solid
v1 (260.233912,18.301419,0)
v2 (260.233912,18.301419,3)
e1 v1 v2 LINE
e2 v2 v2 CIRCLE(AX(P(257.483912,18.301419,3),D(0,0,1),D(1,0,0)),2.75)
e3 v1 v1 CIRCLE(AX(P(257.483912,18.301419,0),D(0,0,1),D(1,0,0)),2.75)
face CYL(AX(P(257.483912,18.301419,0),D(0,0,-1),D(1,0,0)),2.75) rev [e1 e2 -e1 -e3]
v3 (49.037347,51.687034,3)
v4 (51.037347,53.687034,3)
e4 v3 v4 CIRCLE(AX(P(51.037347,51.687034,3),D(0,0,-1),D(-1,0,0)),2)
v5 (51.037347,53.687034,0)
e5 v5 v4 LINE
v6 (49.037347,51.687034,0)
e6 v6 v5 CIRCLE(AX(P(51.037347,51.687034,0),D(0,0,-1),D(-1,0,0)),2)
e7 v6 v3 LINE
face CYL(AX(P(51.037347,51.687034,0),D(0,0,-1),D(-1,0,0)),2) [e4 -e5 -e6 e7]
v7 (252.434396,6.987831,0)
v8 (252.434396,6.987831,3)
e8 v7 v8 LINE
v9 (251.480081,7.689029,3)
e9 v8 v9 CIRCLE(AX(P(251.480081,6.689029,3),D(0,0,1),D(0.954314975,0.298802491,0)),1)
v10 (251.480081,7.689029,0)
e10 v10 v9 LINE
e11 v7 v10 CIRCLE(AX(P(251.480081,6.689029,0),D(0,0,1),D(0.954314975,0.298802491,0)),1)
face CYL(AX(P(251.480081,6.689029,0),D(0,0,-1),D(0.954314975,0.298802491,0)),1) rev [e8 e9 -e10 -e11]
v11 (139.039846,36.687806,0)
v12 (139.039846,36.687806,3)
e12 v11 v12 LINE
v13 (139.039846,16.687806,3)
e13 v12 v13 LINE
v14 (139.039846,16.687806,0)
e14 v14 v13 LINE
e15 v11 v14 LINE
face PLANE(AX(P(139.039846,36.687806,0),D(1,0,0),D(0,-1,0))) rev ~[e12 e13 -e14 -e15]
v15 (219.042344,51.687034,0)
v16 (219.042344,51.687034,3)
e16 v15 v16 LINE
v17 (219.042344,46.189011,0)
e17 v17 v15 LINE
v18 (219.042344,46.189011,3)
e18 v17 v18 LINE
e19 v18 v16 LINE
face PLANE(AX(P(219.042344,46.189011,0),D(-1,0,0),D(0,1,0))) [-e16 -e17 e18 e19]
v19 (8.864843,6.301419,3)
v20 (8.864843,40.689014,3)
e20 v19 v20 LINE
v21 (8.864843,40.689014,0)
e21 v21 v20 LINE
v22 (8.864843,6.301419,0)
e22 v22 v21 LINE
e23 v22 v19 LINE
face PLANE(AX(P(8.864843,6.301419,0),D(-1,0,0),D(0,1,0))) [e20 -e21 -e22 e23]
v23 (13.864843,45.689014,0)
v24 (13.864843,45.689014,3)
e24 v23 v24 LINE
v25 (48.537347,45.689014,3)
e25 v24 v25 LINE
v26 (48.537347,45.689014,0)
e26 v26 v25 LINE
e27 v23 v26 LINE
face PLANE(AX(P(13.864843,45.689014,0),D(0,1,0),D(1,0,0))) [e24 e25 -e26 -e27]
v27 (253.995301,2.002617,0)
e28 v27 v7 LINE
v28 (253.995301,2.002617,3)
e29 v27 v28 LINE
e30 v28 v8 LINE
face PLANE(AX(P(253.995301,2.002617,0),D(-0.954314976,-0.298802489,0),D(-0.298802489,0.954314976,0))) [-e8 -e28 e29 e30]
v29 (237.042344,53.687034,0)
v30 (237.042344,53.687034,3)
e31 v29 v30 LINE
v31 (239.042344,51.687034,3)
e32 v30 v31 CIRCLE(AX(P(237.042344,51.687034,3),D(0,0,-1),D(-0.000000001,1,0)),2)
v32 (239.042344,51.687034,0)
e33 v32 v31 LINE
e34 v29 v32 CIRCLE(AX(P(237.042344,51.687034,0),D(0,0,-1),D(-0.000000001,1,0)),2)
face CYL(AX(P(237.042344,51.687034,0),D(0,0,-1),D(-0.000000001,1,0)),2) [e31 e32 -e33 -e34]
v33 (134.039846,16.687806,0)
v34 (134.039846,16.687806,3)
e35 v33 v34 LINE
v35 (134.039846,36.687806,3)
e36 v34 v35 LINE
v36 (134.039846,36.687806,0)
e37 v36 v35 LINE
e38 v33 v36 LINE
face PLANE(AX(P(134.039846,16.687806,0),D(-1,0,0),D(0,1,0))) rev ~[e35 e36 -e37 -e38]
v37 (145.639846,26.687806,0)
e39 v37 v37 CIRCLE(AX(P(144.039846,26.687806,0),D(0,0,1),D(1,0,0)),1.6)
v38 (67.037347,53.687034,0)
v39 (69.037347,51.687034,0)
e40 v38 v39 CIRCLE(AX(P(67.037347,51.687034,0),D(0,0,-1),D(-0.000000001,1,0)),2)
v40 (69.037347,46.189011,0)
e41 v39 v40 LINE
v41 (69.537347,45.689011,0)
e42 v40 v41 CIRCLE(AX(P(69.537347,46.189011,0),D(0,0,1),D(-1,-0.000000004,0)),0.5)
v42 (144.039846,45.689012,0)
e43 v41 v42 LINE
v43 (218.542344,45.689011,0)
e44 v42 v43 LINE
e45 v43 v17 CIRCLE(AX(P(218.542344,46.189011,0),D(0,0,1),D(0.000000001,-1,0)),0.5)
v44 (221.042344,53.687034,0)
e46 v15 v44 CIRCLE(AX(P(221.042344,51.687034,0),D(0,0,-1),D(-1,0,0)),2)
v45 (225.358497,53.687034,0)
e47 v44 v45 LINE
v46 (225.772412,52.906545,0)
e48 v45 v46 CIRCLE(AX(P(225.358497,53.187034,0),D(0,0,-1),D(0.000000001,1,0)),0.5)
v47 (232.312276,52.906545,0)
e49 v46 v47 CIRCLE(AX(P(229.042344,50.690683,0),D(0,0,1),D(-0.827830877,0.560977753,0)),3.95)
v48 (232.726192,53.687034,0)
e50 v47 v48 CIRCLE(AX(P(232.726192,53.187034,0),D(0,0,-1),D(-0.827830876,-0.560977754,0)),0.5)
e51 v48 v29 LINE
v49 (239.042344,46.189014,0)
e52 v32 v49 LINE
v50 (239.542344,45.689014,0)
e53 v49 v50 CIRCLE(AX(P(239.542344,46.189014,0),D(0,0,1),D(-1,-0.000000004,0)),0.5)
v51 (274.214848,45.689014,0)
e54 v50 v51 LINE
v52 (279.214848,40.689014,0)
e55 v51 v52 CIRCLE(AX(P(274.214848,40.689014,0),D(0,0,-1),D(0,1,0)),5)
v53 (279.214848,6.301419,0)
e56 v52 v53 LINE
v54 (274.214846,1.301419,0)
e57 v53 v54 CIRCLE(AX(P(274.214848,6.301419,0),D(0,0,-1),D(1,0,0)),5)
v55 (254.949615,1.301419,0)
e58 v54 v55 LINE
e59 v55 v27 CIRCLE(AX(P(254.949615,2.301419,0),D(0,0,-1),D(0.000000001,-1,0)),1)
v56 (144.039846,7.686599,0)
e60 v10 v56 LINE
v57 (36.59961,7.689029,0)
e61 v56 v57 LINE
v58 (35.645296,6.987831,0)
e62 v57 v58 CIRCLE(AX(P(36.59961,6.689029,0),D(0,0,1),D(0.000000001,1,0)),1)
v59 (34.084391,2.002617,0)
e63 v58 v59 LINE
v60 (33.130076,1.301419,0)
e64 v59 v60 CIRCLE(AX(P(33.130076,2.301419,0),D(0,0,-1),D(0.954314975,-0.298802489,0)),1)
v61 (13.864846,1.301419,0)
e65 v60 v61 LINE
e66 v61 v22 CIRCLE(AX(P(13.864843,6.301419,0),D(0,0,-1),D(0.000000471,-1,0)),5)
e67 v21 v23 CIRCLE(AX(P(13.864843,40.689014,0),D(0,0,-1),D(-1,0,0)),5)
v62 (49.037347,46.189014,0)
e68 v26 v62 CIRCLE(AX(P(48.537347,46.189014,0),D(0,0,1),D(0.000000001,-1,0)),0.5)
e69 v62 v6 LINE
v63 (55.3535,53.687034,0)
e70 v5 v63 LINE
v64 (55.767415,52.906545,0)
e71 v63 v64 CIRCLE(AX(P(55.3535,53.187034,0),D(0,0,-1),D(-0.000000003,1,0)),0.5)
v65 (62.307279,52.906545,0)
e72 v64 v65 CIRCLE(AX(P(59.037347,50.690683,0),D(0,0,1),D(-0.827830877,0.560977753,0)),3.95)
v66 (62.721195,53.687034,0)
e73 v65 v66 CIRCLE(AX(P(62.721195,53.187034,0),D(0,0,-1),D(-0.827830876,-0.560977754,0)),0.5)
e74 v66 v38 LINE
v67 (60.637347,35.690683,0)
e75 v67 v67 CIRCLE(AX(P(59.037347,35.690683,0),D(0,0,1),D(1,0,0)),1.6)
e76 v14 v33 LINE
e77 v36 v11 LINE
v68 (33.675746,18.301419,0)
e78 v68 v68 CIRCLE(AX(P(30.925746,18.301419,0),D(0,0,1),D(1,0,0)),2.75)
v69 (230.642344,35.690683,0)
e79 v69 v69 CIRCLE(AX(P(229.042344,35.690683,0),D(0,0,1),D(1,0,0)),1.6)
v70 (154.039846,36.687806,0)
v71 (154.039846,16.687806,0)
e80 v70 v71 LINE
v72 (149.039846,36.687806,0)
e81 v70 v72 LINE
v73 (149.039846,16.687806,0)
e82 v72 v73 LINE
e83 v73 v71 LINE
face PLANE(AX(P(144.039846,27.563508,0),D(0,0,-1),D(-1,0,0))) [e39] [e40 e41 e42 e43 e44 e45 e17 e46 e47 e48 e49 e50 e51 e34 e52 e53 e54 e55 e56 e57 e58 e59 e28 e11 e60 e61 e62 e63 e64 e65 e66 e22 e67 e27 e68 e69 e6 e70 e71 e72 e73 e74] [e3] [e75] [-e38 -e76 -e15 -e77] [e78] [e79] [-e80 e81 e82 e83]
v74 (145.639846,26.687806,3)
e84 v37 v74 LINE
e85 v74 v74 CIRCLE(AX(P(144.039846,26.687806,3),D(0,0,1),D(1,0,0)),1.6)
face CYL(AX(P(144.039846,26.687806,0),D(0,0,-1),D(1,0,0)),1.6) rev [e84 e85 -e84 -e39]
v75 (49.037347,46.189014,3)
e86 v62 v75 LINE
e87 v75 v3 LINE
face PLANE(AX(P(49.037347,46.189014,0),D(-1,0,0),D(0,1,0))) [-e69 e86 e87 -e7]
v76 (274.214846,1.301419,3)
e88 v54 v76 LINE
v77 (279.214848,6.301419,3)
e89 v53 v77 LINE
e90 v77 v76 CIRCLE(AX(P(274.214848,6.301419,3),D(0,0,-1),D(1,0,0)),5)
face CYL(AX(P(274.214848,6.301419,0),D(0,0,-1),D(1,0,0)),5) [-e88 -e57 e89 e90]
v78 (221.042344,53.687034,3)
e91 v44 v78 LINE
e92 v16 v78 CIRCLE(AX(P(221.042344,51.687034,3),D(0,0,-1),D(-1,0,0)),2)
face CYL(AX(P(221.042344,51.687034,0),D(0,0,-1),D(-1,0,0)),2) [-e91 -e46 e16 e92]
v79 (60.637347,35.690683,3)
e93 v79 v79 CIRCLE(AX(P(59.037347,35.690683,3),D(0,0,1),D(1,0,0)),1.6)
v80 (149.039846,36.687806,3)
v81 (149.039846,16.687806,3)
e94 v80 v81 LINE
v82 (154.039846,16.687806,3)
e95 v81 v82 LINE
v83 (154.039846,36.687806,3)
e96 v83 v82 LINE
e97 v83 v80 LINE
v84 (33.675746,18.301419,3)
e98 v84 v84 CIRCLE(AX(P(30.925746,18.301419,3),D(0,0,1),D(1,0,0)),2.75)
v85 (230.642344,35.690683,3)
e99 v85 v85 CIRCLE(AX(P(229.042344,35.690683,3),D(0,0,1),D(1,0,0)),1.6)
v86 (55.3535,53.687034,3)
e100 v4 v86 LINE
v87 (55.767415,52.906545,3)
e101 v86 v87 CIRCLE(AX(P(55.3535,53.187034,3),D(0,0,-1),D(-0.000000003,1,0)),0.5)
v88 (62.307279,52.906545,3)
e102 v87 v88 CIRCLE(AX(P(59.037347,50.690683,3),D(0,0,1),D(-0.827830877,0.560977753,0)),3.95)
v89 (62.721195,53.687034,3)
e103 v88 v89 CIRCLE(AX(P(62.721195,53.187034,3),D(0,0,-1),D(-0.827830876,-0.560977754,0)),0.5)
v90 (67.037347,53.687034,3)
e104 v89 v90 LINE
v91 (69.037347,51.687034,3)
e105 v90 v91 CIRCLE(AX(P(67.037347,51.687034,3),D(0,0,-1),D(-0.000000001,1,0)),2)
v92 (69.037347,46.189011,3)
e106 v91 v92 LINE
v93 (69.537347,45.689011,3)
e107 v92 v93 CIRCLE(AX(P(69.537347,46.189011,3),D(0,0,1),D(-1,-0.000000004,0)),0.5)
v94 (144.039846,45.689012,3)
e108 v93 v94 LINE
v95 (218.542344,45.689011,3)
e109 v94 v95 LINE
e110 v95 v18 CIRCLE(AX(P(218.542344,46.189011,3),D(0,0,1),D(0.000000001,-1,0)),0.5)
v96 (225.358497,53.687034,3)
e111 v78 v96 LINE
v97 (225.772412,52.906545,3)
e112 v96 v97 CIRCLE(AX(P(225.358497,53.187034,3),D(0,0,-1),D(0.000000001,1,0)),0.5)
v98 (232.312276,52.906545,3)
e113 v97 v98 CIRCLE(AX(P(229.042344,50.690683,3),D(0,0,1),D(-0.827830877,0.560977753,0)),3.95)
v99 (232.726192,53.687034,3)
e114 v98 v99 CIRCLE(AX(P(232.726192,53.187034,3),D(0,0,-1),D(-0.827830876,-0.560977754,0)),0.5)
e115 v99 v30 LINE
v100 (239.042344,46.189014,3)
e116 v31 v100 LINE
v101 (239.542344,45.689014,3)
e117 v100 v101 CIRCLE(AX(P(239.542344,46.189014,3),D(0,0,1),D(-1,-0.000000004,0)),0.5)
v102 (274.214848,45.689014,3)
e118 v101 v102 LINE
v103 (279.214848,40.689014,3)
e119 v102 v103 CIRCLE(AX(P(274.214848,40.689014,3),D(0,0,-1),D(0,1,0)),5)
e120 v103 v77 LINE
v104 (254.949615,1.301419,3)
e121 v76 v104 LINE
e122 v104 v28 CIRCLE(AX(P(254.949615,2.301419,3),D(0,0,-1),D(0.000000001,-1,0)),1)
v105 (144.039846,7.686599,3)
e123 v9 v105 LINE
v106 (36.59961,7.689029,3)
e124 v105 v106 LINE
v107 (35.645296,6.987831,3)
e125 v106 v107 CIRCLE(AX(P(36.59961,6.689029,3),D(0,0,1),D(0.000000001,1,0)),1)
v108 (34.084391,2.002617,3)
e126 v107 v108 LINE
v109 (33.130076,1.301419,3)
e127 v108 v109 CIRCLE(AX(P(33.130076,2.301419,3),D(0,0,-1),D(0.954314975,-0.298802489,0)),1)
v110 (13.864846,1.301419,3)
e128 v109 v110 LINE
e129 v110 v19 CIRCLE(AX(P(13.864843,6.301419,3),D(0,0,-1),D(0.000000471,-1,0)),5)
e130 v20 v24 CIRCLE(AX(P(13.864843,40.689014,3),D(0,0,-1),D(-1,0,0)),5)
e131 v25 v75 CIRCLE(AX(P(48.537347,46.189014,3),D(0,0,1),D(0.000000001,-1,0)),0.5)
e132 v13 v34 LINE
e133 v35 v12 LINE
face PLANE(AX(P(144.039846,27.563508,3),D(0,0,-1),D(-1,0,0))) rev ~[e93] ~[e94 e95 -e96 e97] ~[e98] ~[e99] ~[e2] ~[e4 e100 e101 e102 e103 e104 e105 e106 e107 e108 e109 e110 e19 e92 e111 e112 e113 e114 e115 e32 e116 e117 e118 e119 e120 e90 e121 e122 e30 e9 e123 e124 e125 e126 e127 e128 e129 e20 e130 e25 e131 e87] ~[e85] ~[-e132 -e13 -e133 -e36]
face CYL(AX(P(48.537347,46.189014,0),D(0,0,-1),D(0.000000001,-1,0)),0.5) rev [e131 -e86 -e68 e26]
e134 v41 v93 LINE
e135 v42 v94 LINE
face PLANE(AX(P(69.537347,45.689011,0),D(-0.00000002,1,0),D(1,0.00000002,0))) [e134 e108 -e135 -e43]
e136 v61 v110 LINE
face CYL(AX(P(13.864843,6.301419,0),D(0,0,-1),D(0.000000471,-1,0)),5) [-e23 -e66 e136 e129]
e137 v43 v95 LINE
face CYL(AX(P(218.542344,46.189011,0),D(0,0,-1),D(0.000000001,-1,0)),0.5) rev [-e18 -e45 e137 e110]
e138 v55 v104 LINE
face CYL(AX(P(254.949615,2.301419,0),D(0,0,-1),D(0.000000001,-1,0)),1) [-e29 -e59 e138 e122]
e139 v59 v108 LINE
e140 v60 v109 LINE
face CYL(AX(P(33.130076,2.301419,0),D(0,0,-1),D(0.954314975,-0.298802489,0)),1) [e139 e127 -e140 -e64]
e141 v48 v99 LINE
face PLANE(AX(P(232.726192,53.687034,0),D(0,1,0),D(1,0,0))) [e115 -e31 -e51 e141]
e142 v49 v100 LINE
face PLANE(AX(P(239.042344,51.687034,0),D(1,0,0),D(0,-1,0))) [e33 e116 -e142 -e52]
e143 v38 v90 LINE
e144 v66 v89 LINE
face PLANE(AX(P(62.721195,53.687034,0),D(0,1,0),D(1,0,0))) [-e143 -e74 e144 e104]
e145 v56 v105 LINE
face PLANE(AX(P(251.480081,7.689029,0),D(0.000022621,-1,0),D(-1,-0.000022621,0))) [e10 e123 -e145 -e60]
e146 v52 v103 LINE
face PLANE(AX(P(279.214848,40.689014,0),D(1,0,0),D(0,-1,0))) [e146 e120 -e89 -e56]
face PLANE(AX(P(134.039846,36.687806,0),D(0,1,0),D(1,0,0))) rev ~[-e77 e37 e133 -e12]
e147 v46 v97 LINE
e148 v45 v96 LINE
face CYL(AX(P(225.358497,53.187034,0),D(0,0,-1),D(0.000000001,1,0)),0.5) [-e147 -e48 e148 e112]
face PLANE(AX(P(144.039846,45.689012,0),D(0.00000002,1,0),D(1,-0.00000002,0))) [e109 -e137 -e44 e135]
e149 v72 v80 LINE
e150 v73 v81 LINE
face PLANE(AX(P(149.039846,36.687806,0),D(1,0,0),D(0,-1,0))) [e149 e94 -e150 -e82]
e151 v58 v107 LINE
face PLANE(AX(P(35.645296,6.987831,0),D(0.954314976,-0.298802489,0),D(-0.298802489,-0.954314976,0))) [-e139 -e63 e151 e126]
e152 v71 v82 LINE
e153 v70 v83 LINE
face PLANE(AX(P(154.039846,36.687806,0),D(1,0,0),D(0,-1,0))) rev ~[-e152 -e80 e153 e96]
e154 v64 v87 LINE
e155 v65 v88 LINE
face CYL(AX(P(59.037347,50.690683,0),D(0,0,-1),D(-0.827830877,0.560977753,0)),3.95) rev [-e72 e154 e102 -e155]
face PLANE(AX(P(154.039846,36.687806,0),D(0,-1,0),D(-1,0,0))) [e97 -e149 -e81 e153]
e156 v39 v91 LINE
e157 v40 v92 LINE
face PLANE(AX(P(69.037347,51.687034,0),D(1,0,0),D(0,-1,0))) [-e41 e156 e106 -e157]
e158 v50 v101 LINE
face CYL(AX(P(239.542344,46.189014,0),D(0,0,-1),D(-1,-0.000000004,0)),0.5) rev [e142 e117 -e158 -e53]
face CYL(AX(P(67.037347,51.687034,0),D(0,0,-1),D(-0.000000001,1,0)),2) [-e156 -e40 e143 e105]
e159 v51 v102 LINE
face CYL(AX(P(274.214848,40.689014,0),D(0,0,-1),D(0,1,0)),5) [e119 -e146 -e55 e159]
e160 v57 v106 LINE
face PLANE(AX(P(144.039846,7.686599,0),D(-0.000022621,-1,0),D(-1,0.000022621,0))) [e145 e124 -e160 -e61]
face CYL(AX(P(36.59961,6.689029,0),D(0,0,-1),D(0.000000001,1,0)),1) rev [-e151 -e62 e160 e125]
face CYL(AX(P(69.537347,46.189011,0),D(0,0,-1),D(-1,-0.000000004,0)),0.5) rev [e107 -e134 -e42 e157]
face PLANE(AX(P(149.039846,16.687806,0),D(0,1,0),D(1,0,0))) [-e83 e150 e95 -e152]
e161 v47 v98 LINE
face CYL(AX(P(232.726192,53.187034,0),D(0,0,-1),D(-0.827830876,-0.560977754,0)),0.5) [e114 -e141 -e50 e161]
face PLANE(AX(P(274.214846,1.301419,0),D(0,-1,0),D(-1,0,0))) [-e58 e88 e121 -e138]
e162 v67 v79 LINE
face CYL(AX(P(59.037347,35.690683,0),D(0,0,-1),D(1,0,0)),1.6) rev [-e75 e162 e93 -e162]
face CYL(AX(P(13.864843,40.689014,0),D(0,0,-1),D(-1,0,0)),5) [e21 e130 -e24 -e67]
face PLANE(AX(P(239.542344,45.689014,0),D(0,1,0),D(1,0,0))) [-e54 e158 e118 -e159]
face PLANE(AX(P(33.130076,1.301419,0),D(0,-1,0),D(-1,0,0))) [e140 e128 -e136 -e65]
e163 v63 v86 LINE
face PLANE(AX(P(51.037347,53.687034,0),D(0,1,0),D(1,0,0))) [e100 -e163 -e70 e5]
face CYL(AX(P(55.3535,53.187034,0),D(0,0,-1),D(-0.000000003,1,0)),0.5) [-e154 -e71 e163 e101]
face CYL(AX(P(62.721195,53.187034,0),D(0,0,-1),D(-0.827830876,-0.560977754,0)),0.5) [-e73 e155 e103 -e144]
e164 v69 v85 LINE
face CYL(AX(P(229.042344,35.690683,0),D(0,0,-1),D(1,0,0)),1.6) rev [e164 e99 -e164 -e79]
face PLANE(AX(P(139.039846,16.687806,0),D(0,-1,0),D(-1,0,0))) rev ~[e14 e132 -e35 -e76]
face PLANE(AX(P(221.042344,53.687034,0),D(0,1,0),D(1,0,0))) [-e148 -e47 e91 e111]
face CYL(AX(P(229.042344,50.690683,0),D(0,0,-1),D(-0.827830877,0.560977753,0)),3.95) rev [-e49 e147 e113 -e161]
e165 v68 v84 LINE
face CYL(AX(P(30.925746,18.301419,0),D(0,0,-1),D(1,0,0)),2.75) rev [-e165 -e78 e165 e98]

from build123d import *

# Parameters (mm, degrees)
MODEL_R                 = 1.6
MODEL_R_2               = 2.75
SALIENTE_EXTRUIR1_DEPTH = 3


with BuildPart() as part:
    # Model → Saliente-Extruir1 (new body)
    with BuildSketch(Plane.XY):
        with BuildLine():
            Line((144.039845711, 7.686598643), (36.599610491, 7.689028995))
            ThreePointArc((36.599610491, 7.689028995), (36.007496688, 7.494883352), (35.645295516, 6.987831485))
            Line((35.645295516, 6.987831485), (34.084390906, 2.002616506))
            ThreePointArc((34.084390906, 2.002616506), (33.722189733, 1.495564638), (33.13007593, 1.301418995))
            Line((33.13007593, 1.301418995), (13.864845567, 1.301418995))
            ThreePointArc((13.864845567, 1.301418995), (10.329310138, 2.765884256), (8.864843211, 6.301418995))
            Line((8.864843211, 6.301418995), (8.864843211, 40.689013995))
            ThreePointArc((8.864843211, 40.689013995), (10.329309305, 44.224547901), (13.864843211, 45.689013995))
            Line((13.864843211, 45.689013995), (18.864843211, 45.689013995))
            Line((18.864843211, 45.689013995), (48.537347211, 45.689013995))
            ThreePointArc((48.537347211, 45.689013995), (48.890900602, 45.835460605), (49.037347211, 46.189013995))
            Line((49.037347211, 46.189013995), (49.037347211, 51.687033995))
            ThreePointArc((49.037347211, 51.687033995), (49.623133649, 53.101247558), (51.037347211, 53.687033995))
            Line((51.037347211, 53.687033995), (55.353499808, 53.687033995))
            ThreePointArc((55.353499808, 53.687033995), (55.795226216, 53.421294067), (55.767415247, 52.906545119))
            ThreePointArc((55.767415247, 52.906545119), (59.037347211, 46.740682995), (62.307279175, 52.906545119))
            ThreePointArc((62.307279175, 52.906545119), (62.279468206, 53.421294067), (62.721194613, 53.687033995))
            Line((62.721194613, 53.687033995), (67.037347211, 53.687033995))
            ThreePointArc((67.037347211, 53.687033995), (68.451560774, 53.101247558), (69.037347211, 51.687033995))
            Line((69.037347211, 51.687033995), (69.037347211, 46.189010995))
            ThreePointArc((69.037347211, 46.189010995), (69.183793821, 45.835457605), (69.537347211, 45.689010995))
            Line((69.537347211, 45.689010995), (144.039845711, 45.689012495))
            Line((144.039845711, 45.689012495), (218.542344211, 45.689010995))
            ThreePointArc((218.542344211, 45.689010995), (218.895897602, 45.835457605), (219.042344211, 46.189010995))
            Line((219.042344211, 46.189010995), (219.042344211, 51.687033995))
            ThreePointArc((219.042344211, 51.687033995), (219.628130649, 53.101247558), (221.042344211, 53.687033995))
            Line((221.042344211, 53.687033995), (225.358496809, 53.687033995))
            ThreePointArc((225.358496809, 53.687033995), (225.800223216, 53.421294066), (225.772412247, 52.906545119))
            ThreePointArc((225.772412247, 52.906545119), (229.042344211, 46.740682996), (232.312276176, 52.906545119))
            ThreePointArc((232.312276176, 52.906545119), (232.284465207, 53.421294067), (232.726191614, 53.687033995))
            Line((232.726191614, 53.687033995), (237.042344211, 53.687033995))
            ThreePointArc((237.042344211, 53.687033995), (238.456557774, 53.101247558), (239.042344211, 51.687033995))
            Line((239.042344211, 51.687033995), (239.042344211, 46.189013995))
            ThreePointArc((239.042344211, 46.189013995), (239.188790821, 45.835460605), (239.542344211, 45.689013995))
            Line((239.542344211, 45.689013995), (269.214848211, 45.689013995))
            Line((269.214848211, 45.689013995), (274.214848211, 45.689013995))
            ThreePointArc((274.214848211, 45.689013995), (277.750382117, 44.224547901), (279.214848211, 40.689013995))
            Line((279.214848211, 40.689013995), (279.214848211, 6.301418995))
            ThreePointArc((279.214848211, 6.301418995), (277.750381284, 2.765884256), (274.214845855, 1.301418995))
            Line((274.214845855, 1.301418995), (254.949615492, 1.301418995))
            ThreePointArc((254.949615492, 1.301418995), (254.357501689, 1.495564638), (253.995300517, 2.002616506))
            Line((253.995300517, 2.002616506), (252.434395907, 6.987831485))
            ThreePointArc((252.434395907, 6.987831485), (252.072194734, 7.494883352), (251.480080931, 7.689028995))
            Line((251.480080931, 7.689028995), (144.039845711, 7.686598643))
        make_face()
        with Locations((59.037347211, 35.690682995)):
            Circle(MODEL_R, mode=Mode.SUBTRACT)
        with Locations((144.039845711, 26.687805569)):
            Circle(MODEL_R, mode=Mode.SUBTRACT)
        with Locations((229.042344211, 35.690682995)):
            Circle(MODEL_R, mode=Mode.SUBTRACT)
        with Locations((30.925745711, 18.301418995)):
            Circle(MODEL_R_2, mode=Mode.SUBTRACT)
        with Locations((257.483911711, 18.301418995)):
            Circle(MODEL_R_2, mode=Mode.SUBTRACT)
        Polygon((154.039845711, 36.687805569), (149.039845711, 36.687805569), (149.039845711, 16.687805569), (154.039845711, 16.687805569), (154.039845711, 26.687805569), align=None, mode=Mode.SUBTRACT)
        Polygon((134.039845711, 36.687805569), (139.039845711, 36.687805569), (139.039845711, 16.687805569), (134.039845711, 16.687805569), (134.039845711, 26.687805569), align=None, mode=Mode.SUBTRACT)
    extrude(amount=SALIENTE_EXTRUIR1_DEPTH)


solid = part.part
